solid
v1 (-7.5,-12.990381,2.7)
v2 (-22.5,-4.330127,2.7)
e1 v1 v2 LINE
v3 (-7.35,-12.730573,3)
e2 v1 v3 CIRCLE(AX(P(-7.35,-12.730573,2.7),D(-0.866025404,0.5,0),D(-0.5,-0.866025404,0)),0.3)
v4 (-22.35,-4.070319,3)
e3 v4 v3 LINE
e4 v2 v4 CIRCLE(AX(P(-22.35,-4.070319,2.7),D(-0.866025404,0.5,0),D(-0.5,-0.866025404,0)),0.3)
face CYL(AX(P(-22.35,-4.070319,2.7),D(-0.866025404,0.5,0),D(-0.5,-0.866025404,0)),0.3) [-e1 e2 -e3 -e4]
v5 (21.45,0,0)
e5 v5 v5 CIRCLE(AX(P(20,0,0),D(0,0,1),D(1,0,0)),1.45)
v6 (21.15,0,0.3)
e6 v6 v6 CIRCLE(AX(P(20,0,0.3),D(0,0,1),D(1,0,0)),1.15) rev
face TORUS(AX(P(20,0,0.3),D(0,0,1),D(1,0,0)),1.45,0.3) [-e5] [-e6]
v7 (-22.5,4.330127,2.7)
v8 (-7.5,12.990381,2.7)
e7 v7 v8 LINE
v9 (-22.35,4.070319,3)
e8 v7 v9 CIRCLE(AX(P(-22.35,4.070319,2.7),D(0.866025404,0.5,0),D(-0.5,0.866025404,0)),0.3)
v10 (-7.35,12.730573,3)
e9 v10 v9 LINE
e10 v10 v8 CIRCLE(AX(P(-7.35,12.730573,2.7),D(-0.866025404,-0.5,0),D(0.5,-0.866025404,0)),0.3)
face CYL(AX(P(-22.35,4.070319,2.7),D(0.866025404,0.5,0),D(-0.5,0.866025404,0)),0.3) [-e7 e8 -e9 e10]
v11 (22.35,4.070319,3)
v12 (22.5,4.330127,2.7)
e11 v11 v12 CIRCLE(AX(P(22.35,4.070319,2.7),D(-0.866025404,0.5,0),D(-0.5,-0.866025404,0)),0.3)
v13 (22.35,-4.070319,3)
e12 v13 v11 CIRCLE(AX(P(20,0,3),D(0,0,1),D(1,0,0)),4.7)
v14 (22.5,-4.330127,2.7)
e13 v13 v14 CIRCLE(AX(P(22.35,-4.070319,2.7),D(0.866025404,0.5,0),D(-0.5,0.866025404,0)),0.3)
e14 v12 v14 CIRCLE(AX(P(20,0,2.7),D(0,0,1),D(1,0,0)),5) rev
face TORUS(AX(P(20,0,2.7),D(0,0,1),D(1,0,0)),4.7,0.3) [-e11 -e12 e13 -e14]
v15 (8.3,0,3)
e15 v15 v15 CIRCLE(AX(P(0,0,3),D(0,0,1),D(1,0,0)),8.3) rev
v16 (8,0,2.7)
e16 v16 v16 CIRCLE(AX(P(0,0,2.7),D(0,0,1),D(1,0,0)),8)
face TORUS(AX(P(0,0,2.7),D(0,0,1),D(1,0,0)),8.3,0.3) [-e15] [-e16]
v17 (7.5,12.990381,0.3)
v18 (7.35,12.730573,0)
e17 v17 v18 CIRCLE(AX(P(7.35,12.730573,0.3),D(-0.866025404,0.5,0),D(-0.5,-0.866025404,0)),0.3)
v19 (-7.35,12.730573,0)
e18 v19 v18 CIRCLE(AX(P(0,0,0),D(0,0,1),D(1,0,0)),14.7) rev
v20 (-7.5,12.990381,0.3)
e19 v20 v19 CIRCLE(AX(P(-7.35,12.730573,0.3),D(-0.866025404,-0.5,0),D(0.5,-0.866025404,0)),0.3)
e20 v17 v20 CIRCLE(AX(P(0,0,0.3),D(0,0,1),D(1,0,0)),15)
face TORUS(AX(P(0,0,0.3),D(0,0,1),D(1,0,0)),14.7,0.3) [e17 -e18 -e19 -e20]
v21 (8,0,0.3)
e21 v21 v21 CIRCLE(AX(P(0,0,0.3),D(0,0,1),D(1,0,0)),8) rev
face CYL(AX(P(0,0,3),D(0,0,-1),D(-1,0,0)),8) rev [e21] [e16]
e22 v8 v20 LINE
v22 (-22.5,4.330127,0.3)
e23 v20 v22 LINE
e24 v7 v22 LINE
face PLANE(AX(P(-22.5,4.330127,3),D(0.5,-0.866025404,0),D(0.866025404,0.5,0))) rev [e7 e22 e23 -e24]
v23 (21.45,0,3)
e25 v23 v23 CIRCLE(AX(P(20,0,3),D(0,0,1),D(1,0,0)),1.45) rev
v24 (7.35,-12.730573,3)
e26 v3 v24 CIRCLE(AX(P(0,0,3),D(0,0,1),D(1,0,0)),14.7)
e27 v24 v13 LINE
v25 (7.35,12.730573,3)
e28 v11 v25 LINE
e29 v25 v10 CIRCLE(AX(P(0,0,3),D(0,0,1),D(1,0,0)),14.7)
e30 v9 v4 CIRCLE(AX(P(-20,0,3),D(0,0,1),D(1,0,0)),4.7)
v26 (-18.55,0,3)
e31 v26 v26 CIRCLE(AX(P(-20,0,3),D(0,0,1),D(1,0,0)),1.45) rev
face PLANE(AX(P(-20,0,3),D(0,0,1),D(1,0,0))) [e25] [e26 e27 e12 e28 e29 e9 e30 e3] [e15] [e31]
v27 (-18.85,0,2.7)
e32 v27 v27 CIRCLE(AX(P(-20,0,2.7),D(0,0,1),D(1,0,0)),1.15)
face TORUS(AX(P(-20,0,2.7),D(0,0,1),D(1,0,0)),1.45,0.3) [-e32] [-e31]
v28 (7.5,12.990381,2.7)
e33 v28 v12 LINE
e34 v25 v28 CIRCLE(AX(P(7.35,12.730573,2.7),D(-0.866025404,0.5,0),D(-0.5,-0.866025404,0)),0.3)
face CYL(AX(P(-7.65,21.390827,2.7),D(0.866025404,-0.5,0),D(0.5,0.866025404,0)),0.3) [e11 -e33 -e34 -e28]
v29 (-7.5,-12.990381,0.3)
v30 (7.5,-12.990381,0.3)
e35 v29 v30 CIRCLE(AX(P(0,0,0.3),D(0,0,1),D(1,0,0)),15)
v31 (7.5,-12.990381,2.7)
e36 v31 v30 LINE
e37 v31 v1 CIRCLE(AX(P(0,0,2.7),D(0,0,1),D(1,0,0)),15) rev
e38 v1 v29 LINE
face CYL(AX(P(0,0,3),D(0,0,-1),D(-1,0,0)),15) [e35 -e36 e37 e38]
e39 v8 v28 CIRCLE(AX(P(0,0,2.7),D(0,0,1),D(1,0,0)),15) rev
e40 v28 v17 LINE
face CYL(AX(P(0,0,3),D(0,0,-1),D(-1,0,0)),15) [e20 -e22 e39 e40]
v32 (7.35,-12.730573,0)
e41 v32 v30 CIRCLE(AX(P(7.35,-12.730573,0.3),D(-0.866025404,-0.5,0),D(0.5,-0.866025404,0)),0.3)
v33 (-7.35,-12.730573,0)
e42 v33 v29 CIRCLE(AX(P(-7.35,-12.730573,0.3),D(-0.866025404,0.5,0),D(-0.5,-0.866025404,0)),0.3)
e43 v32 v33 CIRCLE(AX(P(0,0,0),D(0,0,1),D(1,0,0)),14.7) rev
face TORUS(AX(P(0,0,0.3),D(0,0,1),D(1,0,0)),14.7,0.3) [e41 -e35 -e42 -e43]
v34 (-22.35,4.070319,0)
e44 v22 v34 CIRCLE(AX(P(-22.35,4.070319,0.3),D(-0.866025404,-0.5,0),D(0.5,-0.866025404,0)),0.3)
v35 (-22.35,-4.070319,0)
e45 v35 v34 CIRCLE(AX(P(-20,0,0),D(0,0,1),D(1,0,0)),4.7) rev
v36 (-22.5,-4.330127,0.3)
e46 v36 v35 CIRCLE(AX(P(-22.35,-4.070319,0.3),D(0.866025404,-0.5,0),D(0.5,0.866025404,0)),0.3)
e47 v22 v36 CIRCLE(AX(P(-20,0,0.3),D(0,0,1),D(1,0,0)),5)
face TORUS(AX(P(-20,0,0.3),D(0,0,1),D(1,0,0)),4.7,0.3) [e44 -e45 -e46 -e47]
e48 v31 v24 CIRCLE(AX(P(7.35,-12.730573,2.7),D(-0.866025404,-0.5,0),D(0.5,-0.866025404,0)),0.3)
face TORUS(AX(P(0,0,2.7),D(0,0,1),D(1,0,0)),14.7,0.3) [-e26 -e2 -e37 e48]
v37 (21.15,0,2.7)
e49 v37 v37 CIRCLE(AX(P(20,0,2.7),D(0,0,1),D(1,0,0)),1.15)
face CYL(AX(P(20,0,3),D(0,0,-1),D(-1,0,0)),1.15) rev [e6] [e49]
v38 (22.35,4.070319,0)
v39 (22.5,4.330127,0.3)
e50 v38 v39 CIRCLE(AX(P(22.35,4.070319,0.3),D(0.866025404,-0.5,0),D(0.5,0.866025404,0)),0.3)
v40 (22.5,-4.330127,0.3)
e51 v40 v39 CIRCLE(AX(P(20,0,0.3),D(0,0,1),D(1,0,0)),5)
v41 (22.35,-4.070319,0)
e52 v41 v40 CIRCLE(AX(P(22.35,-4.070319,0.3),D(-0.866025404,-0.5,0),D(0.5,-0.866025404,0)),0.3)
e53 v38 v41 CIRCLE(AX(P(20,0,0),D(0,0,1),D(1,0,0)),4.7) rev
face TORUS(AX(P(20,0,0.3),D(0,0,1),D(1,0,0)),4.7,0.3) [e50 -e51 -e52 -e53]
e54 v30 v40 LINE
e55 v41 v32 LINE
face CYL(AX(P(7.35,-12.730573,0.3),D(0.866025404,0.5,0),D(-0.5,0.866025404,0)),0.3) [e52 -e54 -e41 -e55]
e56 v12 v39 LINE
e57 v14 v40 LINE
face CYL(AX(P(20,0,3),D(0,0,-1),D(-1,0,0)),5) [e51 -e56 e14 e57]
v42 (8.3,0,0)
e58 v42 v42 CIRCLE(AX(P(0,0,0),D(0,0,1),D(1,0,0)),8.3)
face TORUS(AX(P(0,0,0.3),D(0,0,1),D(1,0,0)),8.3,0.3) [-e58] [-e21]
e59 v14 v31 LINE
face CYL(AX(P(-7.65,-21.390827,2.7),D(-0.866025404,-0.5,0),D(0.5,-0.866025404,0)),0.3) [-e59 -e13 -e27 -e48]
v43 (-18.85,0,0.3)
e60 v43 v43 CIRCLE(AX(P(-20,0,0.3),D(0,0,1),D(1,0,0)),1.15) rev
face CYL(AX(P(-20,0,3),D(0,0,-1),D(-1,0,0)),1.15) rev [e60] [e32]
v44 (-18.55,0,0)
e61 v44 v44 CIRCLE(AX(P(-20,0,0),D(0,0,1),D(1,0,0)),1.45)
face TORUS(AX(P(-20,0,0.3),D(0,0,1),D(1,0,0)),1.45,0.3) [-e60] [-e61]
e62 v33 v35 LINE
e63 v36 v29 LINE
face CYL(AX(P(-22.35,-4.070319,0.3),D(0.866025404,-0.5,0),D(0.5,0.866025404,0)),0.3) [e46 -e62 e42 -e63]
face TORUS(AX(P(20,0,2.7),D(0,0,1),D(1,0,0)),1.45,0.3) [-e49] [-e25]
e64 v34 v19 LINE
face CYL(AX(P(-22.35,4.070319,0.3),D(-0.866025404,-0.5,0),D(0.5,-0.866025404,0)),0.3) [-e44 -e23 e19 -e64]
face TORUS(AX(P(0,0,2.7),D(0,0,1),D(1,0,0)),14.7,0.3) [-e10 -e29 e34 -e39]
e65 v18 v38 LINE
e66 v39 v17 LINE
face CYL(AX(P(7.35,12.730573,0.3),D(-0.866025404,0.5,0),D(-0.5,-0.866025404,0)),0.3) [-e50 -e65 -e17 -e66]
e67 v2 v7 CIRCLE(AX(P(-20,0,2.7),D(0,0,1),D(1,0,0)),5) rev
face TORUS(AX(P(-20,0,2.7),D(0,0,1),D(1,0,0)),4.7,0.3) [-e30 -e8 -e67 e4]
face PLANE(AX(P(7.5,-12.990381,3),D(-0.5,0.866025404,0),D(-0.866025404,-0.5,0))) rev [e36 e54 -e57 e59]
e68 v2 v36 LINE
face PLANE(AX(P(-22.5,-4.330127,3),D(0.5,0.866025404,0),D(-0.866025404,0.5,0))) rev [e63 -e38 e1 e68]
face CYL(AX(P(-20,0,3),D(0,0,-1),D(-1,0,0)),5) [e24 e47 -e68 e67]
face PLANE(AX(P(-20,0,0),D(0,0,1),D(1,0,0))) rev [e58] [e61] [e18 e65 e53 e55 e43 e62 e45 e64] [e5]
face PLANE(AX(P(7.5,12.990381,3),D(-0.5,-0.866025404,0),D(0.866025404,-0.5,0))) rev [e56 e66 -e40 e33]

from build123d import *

# Parameters (mm, degrees)
SKETCH1_R           = 1.15
SKETCH1_R_2         = 8
BOSS_EXTRUDE1_DEPTH = 3
FILLET1_R           = 0.3


with BuildPart() as part:
    # Sketch1 → Boss-Extrude1 (new body)
    with BuildSketch(Plane.XY):
        with BuildLine():
            Line((-22.5, 4.330127019), (-7.5, 12.990381057))
            ThreePointArc((-7.5, 12.990381057), (0, 15), (7.5, 12.990381057))
            Line((7.5, 12.990381057), (22.5, 4.330127019))
            ThreePointArc((22.5, 4.330127019), (25, 0), (22.5, -4.330127019))
            Line((22.5, -4.330127019), (7.5, -12.990381057))
            ThreePointArc((7.5, -12.990381057), (0, -15), (-7.5, -12.990381057))
            Line((-7.5, -12.990381057), (-22.5, -4.330127019))
            ThreePointArc((-22.5, -4.330127019), (-25, 0), (-22.5, 4.330127019))
        make_face()
        with Locations((-20, 0)):
            Circle(SKETCH1_R, mode=Mode.SUBTRACT)
        with Locations((20, 0)):
            Circle(SKETCH1_R, mode=Mode.SUBTRACT)
        Circle(SKETCH1_R_2, mode=Mode.SUBTRACT)
    extrude(amount=BOSS_EXTRUDE1_DEPTH)

    # Fillet1
    fillet1_edges = [part.edges().sort_by_distance(p)[0] for p in [
        (15, -8.660254038, 0),
        (0, -15, 0),
        (-15, -8.660254038, 0),
        (-25, 0, 0),
        (0, -15, 3),
        (15, -8.660254038, 3),
        (25, 0, 3),
        (-8, 0, 0),
        (-8, 0, 3),
        (15, 8.660254038, 3),
        (-21.15, 0, 0),
        (-21.15, 0, 3),
        (0, 15, 3),
        (18.85, 0, 0),
        (18.85, 0, 3),
        (-15, 8.660254038, 3),
        (-25, 0, 3),
        (-15, 8.660254038, 0),
        (-15, -8.660254038, 3),
        (0, 15, 0),
        (15, 8.660254038, 0),
        (25, 0, 0),
    ]]
    fillet(fillet1_edges, radius=FILLET1_R)


solid = part.part
